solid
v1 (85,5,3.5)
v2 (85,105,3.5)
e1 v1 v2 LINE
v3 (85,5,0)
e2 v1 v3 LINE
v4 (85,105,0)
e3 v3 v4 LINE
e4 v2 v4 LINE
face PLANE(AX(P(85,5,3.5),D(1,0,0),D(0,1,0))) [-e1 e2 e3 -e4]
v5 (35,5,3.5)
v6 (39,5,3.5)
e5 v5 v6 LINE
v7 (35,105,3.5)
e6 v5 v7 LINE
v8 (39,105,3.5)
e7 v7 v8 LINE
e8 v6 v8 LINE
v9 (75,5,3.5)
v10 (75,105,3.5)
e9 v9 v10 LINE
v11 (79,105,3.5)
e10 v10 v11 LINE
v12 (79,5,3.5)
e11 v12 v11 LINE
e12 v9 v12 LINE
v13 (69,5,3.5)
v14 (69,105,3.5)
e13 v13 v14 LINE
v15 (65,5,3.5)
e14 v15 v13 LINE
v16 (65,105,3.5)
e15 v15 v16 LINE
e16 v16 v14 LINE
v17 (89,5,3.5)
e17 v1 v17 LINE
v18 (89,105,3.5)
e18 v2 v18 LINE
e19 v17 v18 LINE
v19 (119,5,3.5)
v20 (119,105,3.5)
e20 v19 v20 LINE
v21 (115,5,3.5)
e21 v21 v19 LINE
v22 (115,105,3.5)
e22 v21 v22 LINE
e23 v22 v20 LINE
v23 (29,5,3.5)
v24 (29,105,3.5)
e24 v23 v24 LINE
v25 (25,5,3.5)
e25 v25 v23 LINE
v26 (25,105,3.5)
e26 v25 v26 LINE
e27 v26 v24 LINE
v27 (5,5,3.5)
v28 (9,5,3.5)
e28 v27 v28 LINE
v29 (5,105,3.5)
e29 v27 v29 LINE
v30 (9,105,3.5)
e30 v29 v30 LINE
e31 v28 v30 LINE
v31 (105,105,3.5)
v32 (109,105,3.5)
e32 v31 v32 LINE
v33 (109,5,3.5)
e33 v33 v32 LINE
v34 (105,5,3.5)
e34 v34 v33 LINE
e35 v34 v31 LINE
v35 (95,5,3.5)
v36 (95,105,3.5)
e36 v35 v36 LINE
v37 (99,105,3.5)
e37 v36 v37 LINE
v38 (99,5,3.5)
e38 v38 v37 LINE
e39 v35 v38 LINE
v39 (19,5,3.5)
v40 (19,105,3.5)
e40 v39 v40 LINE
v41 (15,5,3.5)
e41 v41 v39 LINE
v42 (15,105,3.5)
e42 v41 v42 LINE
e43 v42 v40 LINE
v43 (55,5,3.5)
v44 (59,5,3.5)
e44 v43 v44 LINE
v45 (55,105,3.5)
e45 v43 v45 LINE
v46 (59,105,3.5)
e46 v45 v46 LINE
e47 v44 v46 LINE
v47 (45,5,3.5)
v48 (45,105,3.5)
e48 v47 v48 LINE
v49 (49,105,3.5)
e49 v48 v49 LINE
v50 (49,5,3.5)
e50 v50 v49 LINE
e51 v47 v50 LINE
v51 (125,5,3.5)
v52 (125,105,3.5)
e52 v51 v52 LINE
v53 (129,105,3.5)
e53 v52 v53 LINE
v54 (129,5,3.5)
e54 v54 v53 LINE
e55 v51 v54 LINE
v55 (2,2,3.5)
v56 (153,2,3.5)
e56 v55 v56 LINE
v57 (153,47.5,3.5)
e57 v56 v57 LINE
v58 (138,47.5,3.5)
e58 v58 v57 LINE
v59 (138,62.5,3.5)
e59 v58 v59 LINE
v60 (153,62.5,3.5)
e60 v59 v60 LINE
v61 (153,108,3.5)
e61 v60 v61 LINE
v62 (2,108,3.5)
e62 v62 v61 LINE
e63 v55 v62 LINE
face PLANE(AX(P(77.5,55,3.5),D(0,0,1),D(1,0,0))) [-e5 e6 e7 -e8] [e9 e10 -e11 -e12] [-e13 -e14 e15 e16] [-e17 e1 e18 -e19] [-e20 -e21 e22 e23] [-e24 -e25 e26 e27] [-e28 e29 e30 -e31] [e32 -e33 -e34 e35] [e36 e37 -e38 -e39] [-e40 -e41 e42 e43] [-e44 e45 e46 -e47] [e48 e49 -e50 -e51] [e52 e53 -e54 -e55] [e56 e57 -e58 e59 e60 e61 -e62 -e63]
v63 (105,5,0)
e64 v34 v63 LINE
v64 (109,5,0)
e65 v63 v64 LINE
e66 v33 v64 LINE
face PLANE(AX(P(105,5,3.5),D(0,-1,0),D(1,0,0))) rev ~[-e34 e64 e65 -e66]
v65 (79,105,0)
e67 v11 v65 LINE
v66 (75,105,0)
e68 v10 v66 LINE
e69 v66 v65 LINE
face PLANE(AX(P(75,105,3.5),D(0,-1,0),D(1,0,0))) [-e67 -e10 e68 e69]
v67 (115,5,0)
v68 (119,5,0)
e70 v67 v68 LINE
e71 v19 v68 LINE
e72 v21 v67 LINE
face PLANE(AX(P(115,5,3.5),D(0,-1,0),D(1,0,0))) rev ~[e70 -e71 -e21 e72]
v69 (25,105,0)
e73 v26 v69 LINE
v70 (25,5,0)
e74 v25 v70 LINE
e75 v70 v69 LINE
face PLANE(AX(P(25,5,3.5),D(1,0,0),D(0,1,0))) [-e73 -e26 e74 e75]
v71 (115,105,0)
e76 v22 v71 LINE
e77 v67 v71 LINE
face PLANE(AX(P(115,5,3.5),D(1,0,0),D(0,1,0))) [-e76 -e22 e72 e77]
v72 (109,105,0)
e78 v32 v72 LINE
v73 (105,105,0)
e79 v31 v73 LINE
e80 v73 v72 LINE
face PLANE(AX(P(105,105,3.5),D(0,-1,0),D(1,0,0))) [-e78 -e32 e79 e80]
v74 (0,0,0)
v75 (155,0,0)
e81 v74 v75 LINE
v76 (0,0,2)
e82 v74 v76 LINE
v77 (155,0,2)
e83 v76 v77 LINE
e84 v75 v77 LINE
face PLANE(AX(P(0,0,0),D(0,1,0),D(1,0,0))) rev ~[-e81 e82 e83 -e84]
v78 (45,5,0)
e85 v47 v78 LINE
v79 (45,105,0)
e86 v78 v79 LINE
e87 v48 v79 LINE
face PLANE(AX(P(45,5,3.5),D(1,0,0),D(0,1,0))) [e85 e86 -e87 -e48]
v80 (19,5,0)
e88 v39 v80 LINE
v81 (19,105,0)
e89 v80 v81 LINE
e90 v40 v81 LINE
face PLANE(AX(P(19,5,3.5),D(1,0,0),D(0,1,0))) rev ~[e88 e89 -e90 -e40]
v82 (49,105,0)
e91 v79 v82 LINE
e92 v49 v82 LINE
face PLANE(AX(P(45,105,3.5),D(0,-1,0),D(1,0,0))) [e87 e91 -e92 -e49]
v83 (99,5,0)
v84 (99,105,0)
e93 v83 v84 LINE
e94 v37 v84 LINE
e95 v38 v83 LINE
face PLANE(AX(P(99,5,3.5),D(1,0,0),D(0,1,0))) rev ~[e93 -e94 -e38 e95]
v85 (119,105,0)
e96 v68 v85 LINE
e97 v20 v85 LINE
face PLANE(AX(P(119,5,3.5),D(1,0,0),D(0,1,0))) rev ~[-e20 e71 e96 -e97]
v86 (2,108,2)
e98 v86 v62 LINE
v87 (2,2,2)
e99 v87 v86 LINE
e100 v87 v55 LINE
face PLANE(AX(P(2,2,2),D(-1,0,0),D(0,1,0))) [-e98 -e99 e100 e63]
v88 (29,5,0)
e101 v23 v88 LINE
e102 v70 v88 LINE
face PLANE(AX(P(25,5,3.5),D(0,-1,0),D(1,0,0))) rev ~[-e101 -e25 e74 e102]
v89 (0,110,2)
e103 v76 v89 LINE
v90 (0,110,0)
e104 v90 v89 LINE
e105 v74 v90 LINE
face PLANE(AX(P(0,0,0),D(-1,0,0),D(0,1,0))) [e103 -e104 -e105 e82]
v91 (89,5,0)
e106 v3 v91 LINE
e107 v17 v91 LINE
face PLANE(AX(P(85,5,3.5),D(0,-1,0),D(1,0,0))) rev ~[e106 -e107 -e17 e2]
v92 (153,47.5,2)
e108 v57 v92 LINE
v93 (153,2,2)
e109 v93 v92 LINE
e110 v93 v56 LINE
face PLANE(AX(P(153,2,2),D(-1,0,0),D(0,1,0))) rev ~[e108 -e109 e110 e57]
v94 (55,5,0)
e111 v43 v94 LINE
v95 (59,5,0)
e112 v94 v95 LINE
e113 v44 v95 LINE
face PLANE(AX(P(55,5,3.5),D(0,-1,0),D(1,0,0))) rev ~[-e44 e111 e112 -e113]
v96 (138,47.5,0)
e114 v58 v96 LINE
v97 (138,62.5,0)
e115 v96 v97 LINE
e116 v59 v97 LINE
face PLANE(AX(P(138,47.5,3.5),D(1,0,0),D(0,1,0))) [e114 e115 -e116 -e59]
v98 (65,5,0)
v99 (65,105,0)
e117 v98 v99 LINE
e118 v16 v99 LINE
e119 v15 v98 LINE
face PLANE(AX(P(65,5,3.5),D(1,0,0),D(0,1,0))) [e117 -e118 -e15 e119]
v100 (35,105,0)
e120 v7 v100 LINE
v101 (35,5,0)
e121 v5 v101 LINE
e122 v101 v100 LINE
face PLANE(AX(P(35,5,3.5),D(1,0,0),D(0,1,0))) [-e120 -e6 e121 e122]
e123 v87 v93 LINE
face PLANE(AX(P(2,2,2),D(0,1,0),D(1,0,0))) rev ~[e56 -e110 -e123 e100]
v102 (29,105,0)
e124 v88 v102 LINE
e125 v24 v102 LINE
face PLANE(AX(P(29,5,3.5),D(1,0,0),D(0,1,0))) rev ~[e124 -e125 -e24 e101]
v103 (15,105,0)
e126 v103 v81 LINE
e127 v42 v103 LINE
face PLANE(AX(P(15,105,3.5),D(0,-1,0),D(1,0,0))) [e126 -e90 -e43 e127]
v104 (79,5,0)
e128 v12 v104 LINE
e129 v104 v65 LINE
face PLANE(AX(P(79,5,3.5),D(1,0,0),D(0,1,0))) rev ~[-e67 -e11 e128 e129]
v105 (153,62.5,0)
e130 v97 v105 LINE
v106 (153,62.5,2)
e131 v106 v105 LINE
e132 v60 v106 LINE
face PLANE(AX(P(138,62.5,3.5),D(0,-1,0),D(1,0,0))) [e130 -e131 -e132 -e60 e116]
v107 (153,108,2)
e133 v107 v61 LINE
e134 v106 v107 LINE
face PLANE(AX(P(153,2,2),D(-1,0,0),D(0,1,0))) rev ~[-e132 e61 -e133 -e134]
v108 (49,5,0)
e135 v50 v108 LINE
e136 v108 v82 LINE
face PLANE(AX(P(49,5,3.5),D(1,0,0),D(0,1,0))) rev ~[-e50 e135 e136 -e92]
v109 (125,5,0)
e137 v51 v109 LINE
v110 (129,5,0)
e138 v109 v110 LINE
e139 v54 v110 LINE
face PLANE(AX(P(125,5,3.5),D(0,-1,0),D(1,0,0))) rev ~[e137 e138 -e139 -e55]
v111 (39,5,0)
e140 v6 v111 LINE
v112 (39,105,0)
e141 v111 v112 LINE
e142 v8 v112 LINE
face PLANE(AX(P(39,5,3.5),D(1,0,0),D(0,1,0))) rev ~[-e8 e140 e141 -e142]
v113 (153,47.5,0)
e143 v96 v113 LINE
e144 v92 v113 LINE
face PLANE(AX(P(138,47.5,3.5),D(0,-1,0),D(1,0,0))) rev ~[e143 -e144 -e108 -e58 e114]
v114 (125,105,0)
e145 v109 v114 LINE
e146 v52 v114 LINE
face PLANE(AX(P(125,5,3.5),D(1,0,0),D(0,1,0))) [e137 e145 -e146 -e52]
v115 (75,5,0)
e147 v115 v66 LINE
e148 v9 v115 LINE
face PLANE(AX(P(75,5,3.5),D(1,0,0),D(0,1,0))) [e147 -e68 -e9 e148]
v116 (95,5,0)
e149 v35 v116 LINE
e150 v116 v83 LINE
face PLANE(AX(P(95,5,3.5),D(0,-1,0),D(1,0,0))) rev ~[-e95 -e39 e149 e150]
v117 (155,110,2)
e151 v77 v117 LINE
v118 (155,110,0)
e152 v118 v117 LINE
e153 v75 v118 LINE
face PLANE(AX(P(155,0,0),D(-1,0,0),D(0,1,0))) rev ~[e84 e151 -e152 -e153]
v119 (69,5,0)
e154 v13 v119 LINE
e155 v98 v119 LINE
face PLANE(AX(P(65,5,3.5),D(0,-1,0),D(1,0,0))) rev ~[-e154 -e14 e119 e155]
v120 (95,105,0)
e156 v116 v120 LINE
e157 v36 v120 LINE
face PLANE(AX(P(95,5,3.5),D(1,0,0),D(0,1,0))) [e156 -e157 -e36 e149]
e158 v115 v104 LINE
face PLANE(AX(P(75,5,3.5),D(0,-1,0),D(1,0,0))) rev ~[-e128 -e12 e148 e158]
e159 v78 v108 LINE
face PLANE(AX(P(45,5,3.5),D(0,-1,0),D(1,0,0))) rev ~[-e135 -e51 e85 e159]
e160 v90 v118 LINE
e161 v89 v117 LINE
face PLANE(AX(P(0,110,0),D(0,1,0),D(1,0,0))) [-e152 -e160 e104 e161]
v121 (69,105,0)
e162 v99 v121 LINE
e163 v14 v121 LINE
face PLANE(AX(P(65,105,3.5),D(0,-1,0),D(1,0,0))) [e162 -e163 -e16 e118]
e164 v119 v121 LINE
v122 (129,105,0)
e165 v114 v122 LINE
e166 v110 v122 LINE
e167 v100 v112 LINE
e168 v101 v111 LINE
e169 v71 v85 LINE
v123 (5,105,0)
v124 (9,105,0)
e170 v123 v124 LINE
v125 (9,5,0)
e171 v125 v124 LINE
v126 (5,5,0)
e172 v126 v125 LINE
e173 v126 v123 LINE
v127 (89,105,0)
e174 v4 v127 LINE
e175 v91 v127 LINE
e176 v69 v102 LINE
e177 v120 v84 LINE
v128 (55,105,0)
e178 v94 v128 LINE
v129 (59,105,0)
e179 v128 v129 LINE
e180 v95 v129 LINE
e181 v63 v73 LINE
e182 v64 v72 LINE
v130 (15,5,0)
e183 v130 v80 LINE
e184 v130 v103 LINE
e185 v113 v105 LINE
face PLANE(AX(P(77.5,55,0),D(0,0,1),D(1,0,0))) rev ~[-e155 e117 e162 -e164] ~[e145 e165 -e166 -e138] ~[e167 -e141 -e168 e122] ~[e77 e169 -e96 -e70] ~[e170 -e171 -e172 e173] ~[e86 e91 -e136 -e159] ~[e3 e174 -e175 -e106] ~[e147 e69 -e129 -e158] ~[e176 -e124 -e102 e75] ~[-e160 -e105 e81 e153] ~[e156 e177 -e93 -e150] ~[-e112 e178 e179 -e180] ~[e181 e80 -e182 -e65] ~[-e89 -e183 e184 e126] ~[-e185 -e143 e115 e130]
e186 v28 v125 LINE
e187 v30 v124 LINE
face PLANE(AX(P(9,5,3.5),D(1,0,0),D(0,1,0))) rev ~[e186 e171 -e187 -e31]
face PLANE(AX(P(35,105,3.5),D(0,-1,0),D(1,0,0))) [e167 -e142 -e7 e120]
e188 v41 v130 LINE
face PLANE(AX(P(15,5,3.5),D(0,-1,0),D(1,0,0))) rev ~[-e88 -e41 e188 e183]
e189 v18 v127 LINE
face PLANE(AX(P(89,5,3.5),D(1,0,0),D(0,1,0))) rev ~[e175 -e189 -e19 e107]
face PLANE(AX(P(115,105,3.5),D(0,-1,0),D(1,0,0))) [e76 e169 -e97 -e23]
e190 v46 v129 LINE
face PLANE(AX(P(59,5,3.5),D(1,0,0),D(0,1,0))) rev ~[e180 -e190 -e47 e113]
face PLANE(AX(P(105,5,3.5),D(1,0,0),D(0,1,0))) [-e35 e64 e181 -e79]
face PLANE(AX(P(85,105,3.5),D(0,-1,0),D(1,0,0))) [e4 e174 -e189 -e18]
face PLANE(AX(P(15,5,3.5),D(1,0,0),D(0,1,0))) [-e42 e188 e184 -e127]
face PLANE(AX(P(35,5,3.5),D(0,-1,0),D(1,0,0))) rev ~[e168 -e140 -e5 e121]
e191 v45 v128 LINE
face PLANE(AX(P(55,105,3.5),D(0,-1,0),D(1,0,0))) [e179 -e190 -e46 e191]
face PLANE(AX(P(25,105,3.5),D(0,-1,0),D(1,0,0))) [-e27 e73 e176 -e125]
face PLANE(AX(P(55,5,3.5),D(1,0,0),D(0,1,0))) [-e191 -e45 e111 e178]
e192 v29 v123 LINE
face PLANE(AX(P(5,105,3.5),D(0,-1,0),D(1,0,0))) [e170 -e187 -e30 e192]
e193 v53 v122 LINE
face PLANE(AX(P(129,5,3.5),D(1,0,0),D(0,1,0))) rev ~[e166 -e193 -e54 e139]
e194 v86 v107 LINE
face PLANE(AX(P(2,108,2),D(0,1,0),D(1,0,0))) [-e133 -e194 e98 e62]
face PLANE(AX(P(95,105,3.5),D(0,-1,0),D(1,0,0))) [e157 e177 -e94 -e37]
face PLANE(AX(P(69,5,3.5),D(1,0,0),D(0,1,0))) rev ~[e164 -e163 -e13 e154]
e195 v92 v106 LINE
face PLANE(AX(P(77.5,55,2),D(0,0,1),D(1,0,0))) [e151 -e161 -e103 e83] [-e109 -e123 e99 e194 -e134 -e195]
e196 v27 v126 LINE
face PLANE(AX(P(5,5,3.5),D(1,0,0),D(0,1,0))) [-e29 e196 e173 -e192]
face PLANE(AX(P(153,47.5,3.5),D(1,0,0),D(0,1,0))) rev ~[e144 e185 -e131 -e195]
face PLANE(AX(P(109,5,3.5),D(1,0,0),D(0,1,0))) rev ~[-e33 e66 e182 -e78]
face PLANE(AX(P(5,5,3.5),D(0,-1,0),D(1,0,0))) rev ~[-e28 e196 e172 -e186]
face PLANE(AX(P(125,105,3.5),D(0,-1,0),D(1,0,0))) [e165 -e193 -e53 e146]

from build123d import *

# Parameters (mm, degrees)
SKETCH1_W           = 155
SKETCH1_H           = 110
BOSS_EXTRUDE1_DEPTH = 2
SKETCH2_W           = 151
SKETCH2_H           = 106
BOSS_EXTRUDE2_DEPTH = 1.5
SKETCH3_W           = 15
SKETCH3_H           = 15
CUT_EXTRUDE2_DEPTH  = 3.5
SKETCH5_W           = 4
SKETCH5_H           = 100
CUT_EXTRUDE3_DEPTH  = 3.5


with BuildPart() as part:
    # Sketch1 → Boss-Extrude1 (new body)
    with BuildSketch(Plane.XY):
        with Locations((77.5, 55)):
            Rectangle(SKETCH1_W, SKETCH1_H)
    extrude(amount=BOSS_EXTRUDE1_DEPTH)

    # Sketch2 → Boss-Extrude2 (add)
    with BuildSketch(Plane.XY.offset(2)):
        with Locations((77.5, 55)):
            Rectangle(SKETCH2_W, SKETCH2_H)
    extrude(amount=BOSS_EXTRUDE2_DEPTH)

    # Sketch3 → Cut-Extrude2 (cut)
    with BuildSketch(Plane.XY.offset(3.5)):
        with Locations((145.5, 55)):
            Rectangle(SKETCH3_W, SKETCH3_H)
    extrude(amount=-CUT_EXTRUDE2_DEPTH, mode=Mode.SUBTRACT)

    # Sketch5 → Cut-Extrude3 (cut)
    with BuildSketch(Plane.XY.offset(3.5)):
        with Locations((17, 55)):
            Rectangle(SKETCH5_W, SKETCH5_H)
        with Locations((7, 55)):
            Rectangle(SKETCH5_W, SKETCH5_H)
        with Locations((27, 55)):
            Rectangle(SKETCH5_W, SKETCH5_H)
        with Locations((37, 55)):
            Rectangle(SKETCH5_W, SKETCH5_H)
        with Locations((47, 55)):
            Rectangle(SKETCH5_W, SKETCH5_H)
        with Locations((57, 55)):
            Rectangle(SKETCH5_W, SKETCH5_H)
        with Locations((67, 55)):
            Rectangle(SKETCH5_W, SKETCH5_H)
        with Locations((77, 55)):
            Rectangle(SKETCH5_W, SKETCH5_H)
        with Locations((87, 55)):
            Rectangle(SKETCH5_W, SKETCH5_H)
        with Locations((97, 55)):
            Rectangle(SKETCH5_W, SKETCH5_H)
        with Locations((107, 55)):
            Rectangle(SKETCH5_W, SKETCH5_H)
        with Locations((117, 55)):
            Rectangle(SKETCH5_W, SKETCH5_H)
        with Locations((127, 55)):
            Rectangle(SKETCH5_W, SKETCH5_H)
    extrude(amount=-CUT_EXTRUDE3_DEPTH, mode=Mode.SUBTRACT)


solid = part.part
